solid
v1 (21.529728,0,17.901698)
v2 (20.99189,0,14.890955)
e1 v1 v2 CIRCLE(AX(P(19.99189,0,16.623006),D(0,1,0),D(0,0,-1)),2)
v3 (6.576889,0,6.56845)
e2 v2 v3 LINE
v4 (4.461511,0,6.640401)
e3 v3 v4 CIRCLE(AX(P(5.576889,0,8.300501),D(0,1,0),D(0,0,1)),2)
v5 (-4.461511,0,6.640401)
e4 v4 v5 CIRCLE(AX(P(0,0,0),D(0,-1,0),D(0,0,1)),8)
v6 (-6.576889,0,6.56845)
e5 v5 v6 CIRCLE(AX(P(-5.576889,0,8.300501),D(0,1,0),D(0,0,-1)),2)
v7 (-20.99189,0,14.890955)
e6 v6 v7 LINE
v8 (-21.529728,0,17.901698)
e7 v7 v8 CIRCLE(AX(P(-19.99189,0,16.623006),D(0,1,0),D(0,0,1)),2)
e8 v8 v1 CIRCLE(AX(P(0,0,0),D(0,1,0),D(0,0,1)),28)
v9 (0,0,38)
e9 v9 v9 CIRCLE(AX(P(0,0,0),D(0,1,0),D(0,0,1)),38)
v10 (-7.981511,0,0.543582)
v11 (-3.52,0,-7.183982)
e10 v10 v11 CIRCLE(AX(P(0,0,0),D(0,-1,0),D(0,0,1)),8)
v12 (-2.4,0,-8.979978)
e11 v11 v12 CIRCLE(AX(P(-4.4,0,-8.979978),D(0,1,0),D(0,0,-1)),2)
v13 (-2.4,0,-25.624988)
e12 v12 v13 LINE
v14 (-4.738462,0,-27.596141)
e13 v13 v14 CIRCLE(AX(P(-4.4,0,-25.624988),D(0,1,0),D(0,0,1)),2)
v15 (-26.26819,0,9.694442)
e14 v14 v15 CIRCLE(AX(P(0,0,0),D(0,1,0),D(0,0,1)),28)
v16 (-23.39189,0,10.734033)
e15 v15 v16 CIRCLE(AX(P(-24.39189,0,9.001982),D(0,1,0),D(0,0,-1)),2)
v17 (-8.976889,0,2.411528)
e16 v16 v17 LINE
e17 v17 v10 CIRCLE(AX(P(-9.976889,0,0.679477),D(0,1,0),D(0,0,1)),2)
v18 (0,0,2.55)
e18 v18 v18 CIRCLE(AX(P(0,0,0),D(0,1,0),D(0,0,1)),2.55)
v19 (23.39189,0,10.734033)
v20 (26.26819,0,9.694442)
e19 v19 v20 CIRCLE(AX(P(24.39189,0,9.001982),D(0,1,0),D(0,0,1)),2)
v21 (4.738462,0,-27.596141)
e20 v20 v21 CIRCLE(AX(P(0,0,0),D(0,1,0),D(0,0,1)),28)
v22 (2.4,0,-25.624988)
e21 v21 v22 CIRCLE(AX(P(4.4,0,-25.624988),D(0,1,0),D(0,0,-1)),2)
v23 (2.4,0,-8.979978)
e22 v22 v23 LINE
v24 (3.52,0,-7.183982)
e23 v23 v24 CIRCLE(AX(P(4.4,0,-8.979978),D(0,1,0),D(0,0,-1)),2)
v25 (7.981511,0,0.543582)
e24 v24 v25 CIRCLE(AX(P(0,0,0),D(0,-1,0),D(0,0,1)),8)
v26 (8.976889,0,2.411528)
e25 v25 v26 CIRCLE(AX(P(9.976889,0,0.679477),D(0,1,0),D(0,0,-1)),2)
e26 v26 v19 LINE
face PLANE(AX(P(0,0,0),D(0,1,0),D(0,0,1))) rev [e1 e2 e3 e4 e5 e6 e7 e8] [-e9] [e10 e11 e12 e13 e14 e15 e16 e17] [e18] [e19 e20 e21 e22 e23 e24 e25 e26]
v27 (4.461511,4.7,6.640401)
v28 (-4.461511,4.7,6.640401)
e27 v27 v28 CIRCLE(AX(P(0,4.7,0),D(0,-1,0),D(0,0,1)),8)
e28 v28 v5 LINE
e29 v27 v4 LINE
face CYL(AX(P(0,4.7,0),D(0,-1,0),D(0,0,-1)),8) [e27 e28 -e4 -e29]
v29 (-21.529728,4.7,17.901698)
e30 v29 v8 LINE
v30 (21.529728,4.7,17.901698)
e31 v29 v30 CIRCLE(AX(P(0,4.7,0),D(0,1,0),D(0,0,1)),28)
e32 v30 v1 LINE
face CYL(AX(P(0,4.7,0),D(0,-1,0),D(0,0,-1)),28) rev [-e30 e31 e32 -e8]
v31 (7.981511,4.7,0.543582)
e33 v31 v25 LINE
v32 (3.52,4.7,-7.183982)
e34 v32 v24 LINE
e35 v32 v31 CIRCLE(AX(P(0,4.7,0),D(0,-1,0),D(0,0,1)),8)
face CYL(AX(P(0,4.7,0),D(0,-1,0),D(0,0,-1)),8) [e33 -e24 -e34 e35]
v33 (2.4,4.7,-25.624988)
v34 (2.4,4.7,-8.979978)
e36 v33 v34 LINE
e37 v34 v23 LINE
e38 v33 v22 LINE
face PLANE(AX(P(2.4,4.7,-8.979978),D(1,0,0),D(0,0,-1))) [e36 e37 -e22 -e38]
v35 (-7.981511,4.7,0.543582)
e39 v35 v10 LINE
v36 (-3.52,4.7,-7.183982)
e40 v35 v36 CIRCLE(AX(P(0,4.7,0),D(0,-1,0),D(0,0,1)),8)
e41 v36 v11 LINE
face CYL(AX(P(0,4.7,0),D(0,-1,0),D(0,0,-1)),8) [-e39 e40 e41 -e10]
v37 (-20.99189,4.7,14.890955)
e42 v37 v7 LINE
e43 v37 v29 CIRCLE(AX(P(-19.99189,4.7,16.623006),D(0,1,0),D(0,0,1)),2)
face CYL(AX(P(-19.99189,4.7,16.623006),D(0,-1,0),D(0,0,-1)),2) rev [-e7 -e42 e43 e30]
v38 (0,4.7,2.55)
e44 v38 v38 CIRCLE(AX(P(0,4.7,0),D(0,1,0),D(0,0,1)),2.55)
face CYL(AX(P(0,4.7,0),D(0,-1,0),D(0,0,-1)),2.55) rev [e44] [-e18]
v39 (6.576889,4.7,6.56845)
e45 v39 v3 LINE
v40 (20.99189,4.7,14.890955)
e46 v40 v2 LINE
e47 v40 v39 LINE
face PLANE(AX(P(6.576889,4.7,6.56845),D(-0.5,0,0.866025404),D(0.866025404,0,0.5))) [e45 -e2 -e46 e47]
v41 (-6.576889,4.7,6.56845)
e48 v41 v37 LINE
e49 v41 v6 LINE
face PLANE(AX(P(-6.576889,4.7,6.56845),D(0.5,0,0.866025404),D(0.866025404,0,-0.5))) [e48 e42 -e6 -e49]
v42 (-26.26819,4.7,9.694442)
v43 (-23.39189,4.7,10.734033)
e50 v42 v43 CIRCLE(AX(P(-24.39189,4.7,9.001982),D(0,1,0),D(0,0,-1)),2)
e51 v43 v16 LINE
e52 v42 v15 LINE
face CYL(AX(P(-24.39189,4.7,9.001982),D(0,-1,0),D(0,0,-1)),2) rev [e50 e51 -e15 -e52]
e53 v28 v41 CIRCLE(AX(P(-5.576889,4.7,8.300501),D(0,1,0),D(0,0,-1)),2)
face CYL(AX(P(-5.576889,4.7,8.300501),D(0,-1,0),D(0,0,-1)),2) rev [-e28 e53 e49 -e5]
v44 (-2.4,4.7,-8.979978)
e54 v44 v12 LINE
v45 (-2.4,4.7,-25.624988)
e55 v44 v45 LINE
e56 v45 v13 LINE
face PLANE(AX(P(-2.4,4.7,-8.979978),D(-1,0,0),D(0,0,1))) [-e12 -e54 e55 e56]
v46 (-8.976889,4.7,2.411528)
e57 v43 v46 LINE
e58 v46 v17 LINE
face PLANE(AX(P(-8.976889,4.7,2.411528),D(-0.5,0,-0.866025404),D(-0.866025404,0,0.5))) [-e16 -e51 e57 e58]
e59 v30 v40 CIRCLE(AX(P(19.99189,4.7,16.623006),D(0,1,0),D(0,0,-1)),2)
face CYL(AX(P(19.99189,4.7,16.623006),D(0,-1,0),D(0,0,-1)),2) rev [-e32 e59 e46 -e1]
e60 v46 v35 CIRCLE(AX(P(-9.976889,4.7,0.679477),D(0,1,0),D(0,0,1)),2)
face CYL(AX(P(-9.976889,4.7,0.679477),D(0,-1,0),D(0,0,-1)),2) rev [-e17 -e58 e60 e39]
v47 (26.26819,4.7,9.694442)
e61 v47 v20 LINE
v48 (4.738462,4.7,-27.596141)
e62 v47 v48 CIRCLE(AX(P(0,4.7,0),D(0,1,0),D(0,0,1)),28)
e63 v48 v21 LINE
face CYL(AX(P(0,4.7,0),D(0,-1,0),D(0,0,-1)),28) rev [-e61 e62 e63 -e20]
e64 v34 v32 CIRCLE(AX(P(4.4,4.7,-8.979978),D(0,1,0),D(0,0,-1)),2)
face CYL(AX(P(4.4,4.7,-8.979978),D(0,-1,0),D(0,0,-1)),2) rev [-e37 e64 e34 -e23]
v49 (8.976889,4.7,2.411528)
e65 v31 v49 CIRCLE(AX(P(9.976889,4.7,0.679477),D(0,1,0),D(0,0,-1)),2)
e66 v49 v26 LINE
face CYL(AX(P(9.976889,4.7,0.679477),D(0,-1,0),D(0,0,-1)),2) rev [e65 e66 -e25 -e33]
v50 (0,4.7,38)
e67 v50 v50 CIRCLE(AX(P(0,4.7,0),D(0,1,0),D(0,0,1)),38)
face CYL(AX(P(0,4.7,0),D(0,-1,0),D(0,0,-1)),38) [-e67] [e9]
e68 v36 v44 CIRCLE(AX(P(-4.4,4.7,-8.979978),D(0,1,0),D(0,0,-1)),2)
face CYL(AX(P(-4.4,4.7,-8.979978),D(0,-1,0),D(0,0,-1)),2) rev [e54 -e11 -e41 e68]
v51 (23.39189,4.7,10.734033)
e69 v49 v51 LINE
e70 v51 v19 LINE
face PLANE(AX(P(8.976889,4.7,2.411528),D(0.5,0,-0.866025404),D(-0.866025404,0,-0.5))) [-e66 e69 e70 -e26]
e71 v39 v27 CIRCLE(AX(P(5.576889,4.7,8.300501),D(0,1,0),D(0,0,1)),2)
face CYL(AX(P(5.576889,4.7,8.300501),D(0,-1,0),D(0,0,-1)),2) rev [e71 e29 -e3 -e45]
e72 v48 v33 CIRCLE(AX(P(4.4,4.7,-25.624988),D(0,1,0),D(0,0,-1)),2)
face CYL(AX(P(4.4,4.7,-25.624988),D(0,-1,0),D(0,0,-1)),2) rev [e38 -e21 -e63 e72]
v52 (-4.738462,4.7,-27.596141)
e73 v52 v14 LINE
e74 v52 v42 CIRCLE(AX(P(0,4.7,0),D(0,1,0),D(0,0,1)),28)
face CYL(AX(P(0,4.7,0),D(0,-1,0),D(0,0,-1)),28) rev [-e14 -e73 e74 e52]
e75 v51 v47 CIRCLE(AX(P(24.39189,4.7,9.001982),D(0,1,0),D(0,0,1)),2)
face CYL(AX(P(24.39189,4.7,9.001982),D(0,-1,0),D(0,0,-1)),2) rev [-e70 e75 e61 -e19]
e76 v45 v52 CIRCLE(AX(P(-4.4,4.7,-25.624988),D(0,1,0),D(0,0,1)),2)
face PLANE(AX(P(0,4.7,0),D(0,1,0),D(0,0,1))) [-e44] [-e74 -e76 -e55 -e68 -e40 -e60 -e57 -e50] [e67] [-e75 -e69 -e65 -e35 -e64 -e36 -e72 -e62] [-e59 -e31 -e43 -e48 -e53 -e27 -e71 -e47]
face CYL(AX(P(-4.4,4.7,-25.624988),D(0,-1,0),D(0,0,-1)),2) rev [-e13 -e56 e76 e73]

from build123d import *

# Parameters (mm, degrees)
SKETCH1_R           = 38
SKETCH1_R_2         = 2.55
BOSS_EXTRUDE1_DEPTH = 4.7


with BuildPart() as part:
    # Sketch1 → Boss-Extrude1 (new body)
    with BuildSketch(Plane(origin=(0, 0, 0), x_dir=(1, 0, 0), z_dir=(0, 1, 0))):
        with Locations(Location((0, 0, 0), (0, 0, 270))):
            Circle(SKETCH1_R)
        with Locations(Location((0, 0, 0), (0, 0, 270))):
            Circle(SKETCH1_R_2, mode=Mode.SUBTRACT)
        with BuildLine():
            Line((2.4, 8.979977728), (2.4, 25.624987805))
            ThreePointArc((2.4, 25.624987805), (3.110993227, 27.154190714), (4.738461538, 27.596140713))
            ThreePointArc((4.738461538, 27.596140713), (24.248711306, 14), (26.268189673, -9.694442289))
            ThreePointArc((26.268189673, -9.694442289), (25.071715591, -10.882896192), (23.391890411, -10.734032933))
            Line((23.391890411, -10.734032933), (8.976888838, -2.411527895))
            ThreePointArc((8.976888838, -2.411527895), (8.211845562, -1.620020671), (7.98151107, -0.54358167))
            ThreePointArc((7.98151107, -0.54358167), (6.92820323, 4), (3.52, 7.183982183))
            ThreePointArc((3.52, 7.183982183), (2.702943725, 7.921677204), (2.4, 8.979977728))
        make_face(mode=Mode.SUBTRACT)
        with BuildLine():
            Line((-2.4, 8.979977728), (-2.4, 25.624987805))
            ThreePointArc((-2.4, 25.624987805), (-3.110993227, 27.154190714), (-4.738461538, 27.596140713))
            ThreePointArc((-4.738461538, 27.596140713), (-24.248711306, 14), (-26.268189673, -9.694442289))
            ThreePointArc((-26.268189673, -9.694442289), (-25.071715591, -10.882896192), (-23.391890411, -10.734032933))
            Line((-23.391890411, -10.734032933), (-8.976888838, -2.411527895))
            ThreePointArc((-8.976888838, -2.411527895), (-8.211845562, -1.620020671), (-7.98151107, -0.54358167))
            ThreePointArc((-7.98151107, -0.54358167), (-6.92820323, 4), (-3.52, 7.183982183))
            ThreePointArc((-3.52, 7.183982183), (-2.702943725, 7.921677204), (-2.4, 8.979977728))
        make_face(mode=Mode.SUBTRACT)
        with BuildLine():
            Line((6.576888838, -6.568449833), (20.991890411, -14.890954872))
            ThreePointArc((20.991890411, -14.890954872), (21.960722365, -16.271294523), (21.529728135, -17.901698424))
            ThreePointArc((21.529728135, -17.901698424), (0, -28), (-21.529728135, -17.901698424))
            ThreePointArc((-21.529728135, -17.901698424), (-21.960722365, -16.271294523), (-20.991890411, -14.890954872))
            Line((-20.991890411, -14.890954872), (-6.576888838, -6.568449833))
            ThreePointArc((-6.576888838, -6.568449833), (-5.508901837, -6.301656533), (-4.46151107, -6.640400513))
            ThreePointArc((-4.46151107, -6.640400513), (0, -8), (4.46151107, -6.640400513))
            ThreePointArc((4.46151107, -6.640400513), (5.508901837, -6.301656533), (6.576888838, -6.568449833))
        make_face(mode=Mode.SUBTRACT)
    extrude(amount=BOSS_EXTRUDE1_DEPTH)


solid = part.part
